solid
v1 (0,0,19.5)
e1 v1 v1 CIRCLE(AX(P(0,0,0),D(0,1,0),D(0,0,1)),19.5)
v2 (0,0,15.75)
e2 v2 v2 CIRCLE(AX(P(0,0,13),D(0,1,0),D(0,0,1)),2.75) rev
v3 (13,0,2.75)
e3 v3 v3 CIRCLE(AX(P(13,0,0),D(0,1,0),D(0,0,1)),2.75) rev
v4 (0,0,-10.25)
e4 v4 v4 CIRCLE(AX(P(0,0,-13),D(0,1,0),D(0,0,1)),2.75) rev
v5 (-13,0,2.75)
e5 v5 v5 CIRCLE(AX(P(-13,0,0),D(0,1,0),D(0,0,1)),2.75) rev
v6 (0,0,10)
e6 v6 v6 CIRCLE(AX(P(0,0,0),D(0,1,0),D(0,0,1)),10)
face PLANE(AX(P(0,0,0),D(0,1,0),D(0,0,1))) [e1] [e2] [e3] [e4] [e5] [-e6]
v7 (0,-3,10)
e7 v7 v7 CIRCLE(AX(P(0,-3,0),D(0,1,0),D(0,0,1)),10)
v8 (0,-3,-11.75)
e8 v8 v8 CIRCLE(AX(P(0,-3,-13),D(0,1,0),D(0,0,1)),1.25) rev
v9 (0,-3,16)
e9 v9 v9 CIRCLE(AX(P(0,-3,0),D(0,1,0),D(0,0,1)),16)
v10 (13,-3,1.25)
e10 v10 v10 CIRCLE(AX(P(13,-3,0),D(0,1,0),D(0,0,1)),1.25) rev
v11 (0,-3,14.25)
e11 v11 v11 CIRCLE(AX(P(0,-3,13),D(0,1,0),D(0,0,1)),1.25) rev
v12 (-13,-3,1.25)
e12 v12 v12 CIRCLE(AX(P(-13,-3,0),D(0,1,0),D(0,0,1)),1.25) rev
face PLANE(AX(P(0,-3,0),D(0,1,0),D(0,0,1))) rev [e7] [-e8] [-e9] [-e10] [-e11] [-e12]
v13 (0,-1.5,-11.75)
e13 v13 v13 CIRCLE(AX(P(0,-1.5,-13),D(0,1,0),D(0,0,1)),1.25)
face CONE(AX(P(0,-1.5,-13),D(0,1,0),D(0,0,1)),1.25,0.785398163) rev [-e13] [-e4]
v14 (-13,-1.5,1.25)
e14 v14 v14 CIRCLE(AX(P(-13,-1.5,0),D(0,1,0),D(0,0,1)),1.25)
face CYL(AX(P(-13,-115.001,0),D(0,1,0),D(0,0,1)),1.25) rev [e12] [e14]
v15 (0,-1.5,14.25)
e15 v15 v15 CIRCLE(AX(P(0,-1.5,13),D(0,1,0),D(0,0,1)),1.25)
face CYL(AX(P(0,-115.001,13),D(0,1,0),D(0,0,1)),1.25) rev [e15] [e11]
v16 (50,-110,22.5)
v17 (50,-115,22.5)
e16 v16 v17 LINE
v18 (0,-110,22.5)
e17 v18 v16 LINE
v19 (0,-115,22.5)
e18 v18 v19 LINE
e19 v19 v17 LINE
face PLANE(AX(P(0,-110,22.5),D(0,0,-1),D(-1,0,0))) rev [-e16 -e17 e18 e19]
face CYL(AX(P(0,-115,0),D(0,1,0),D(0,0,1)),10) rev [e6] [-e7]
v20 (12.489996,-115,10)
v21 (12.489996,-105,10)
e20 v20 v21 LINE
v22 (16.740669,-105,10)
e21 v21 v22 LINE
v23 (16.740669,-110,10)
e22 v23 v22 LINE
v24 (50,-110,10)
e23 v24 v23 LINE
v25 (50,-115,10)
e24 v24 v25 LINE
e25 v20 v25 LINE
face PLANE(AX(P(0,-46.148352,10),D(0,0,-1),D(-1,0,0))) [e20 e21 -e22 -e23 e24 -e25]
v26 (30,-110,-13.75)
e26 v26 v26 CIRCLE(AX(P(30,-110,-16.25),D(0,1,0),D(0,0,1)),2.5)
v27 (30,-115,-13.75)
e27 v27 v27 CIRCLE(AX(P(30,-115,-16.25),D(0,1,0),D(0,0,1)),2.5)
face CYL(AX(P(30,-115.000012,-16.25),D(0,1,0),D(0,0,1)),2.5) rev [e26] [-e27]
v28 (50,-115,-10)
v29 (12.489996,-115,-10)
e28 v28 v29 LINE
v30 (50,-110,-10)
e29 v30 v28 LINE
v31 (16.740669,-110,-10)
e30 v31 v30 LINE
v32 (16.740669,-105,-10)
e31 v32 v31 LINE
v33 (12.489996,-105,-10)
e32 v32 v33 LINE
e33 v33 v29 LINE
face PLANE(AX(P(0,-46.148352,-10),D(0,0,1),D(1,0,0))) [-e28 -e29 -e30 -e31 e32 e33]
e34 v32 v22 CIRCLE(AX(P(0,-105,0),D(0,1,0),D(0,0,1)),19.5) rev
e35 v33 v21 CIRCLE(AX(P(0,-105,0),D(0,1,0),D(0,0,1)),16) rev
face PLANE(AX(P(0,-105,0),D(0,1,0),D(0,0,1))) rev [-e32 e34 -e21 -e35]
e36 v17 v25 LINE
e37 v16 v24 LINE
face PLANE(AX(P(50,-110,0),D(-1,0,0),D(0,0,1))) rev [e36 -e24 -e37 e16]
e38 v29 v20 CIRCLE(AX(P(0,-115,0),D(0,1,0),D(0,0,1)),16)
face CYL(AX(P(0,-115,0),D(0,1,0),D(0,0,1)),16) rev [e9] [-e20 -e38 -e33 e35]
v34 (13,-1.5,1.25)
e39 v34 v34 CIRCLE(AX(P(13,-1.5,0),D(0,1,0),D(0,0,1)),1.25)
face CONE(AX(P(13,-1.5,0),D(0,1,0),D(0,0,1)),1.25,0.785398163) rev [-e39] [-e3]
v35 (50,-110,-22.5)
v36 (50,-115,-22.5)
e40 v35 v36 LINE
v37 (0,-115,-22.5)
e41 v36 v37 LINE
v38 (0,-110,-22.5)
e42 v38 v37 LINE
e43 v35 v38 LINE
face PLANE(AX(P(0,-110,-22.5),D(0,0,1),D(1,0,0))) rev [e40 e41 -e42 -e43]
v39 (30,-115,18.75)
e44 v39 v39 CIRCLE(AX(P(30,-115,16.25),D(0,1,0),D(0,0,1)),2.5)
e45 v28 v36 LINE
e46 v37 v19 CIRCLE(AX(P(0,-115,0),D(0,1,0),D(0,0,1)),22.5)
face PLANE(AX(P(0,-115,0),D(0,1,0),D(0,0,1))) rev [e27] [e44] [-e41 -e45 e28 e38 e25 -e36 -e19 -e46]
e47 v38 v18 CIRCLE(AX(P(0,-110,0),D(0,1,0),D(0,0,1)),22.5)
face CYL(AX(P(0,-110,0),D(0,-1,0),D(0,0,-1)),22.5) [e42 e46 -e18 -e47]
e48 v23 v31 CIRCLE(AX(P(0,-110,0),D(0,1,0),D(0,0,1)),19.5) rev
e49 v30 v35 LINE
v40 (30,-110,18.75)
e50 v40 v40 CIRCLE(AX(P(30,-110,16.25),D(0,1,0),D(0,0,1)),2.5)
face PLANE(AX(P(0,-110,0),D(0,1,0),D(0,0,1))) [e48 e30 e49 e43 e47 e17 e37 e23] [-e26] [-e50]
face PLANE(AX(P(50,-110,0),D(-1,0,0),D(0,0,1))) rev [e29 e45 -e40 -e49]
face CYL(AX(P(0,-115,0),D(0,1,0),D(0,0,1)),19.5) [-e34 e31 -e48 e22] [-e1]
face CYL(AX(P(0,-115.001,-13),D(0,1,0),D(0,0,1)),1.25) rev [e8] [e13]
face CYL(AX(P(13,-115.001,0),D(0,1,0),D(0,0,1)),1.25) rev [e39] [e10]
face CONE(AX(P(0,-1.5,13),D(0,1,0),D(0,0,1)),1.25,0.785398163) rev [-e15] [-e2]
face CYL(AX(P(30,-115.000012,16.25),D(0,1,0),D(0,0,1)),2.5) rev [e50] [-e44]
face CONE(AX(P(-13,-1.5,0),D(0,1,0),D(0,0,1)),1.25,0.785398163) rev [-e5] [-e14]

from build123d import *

# Parameters (mm, degrees)
SKETCH1_R                = 19.5
OUTERDIAMETERSTOCK_DEPTH = 115
SCREWONBASE_START        = -115
SCREWONBASE_DEPTH        = 5
INNERDIAMETER_START      = -3
SKETCH2_R                = 16
INNERDIAMETER_DEPTH      = 113
SKETCH3_R                = 10
HOLE_DEPTH               = 116
CUT_EXTRUDE3_REACH       = 117
SKETCH5_R                = 1.25
CHAMFER1_SIZE            = 1.5
WIRESLOT_START           = -115
SKETCH6_W                = 50
SKETCH6_H                = 20
WIRESLOT_DEPTH           = 10
MOUNTING_START           = -115
SKETCH7_R                = 2.5
MOUNTING_HOLES_DEPTH     = 5


with BuildPart() as part:
    # Sketch1 → OuterDiameterStock (new body)
    with BuildSketch(Plane(origin=(0, 0, 0), x_dir=(1, 0, 0), z_dir=(0, 1, 0))):
        Circle(SKETCH1_R)
    extrude(amount=-OUTERDIAMETERSTOCK_DEPTH)

    # Sketch4 → ScrewOnBase (add)
    with BuildSketch(Plane(origin=(0, 0, 0), x_dir=(1, 0, 0), z_dir=(0, 1, 0)).offset(SCREWONBASE_START)):
        with BuildLine():
            Line((0, 22.5), (50, 22.5))
            Line((50, 22.5), (50, -22.5))
            Line((50, -22.5), (0, -22.5))
            ThreePointArc((0, -22.5), (-22.5, 0), (0, 22.5))
        make_face()
    extrude(amount=SCREWONBASE_DEPTH)

    # Sketch2 → InnerDiameter (cut, through all)
    with BuildSketch(Plane(origin=(0, 0, 0), x_dir=(1, 0, 0), z_dir=(0, 1, 0)).offset(INNERDIAMETER_START)):
        Circle(SKETCH2_R)
    extrude(amount=-INNERDIAMETER_DEPTH, mode=Mode.SUBTRACT)

    # Sketch3 → Hole (cut, through all)
    with BuildSketch(Plane(origin=(0, 0, 0), x_dir=(1, 0, 0), z_dir=(0, 1, 0))):
        Circle(SKETCH3_R)
    extrude(amount=-HOLE_DEPTH, mode=Mode.SUBTRACT)

    # Sketch5 → Cut-Extrude3 (cut, up to next)
    with BuildSketch(Plane(origin=(0, 0, 0), x_dir=(1, 0, 0), z_dir=(0, 1, 0)), mode=Mode.PRIVATE) as cut_extrude3_sk1:
        with Locations((0, 13)):
            Circle(SKETCH5_R)
    cut_extrude3_tool1 = extrude(cut_extrude3_sk1.sketch, amount=-CUT_EXTRUDE3_REACH, mode=Mode.PRIVATE) & part.part
    add(cut_extrude3_tool1.solids().sort_by_distance((0, 0, -13))[0], mode=Mode.SUBTRACT)
    # Sketch5 → Cut-Extrude3 (cut, up to next)
    with BuildSketch(Plane(origin=(0, 0, 0), x_dir=(1, 0, 0), z_dir=(0, 1, 0)), mode=Mode.PRIVATE) as cut_extrude3_sk2:
        with Locations((13, 0)):
            Circle(SKETCH5_R)
    cut_extrude3_tool2 = extrude(cut_extrude3_sk2.sketch, amount=-CUT_EXTRUDE3_REACH, mode=Mode.PRIVATE) & part.part
    add(cut_extrude3_tool2.solids().sort_by_distance((13, 0, 0))[0], mode=Mode.SUBTRACT)
    # Sketch5 → Cut-Extrude3 (cut, up to next)
    with BuildSketch(Plane(origin=(0, 0, 0), x_dir=(1, 0, 0), z_dir=(0, 1, 0)), mode=Mode.PRIVATE) as cut_extrude3_sk3:
        with Locations((0, -13)):
            Circle(SKETCH5_R)
    cut_extrude3_tool3 = extrude(cut_extrude3_sk3.sketch, amount=-CUT_EXTRUDE3_REACH, mode=Mode.PRIVATE) & part.part
    add(cut_extrude3_tool3.solids().sort_by_distance((0, 0, 13))[0], mode=Mode.SUBTRACT)
    # Sketch5 → Cut-Extrude3 (cut, up to next)
    with BuildSketch(Plane(origin=(0, 0, 0), x_dir=(1, 0, 0), z_dir=(0, 1, 0)), mode=Mode.PRIVATE) as cut_extrude3_sk4:
        with Locations((-13, 0)):
            Circle(SKETCH5_R)
    cut_extrude3_tool4 = extrude(cut_extrude3_sk4.sketch, amount=-CUT_EXTRUDE3_REACH, mode=Mode.PRIVATE) & part.part
    add(cut_extrude3_tool4.solids().sort_by_distance((-13, 0, 0))[0], mode=Mode.SUBTRACT)

    # Chamfer1
    chamfer1_edges = [part.edges().sort_by_distance(p)[0] for p in [
        (-1.25, 0, -13),
        (11.75, 0, 0),
        (-1.25, 0, 13),
        (-14.25, 0, 0),
    ]]
    chamfer(chamfer1_edges, length=CHAMFER1_SIZE)

    # Sketch6 → WireSlot (cut)
    with BuildSketch(Plane(origin=(0, 0, 0), x_dir=(1, 0, 0), z_dir=(0, 1, 0)).offset(WIRESLOT_START)):
        with Locations((25, 0)):
            Rectangle(SKETCH6_W, SKETCH6_H)
    extrude(amount=WIRESLOT_DEPTH, mode=Mode.SUBTRACT)

    # Sketch7 → Mounting Holes (cut)
    with BuildSketch(Plane(origin=(0, 0, 0), x_dir=(1, 0, 0), z_dir=(0, 1, 0)).offset(MOUNTING_START)):
        with Locations((30, 16.25)):
            Circle(SKETCH7_R)
        with Locations((30, -16.25)):
            Circle(SKETCH7_R)
    extrude(amount=MOUNTING_HOLES_DEPTH, mode=Mode.SUBTRACT)


solid = part.part
